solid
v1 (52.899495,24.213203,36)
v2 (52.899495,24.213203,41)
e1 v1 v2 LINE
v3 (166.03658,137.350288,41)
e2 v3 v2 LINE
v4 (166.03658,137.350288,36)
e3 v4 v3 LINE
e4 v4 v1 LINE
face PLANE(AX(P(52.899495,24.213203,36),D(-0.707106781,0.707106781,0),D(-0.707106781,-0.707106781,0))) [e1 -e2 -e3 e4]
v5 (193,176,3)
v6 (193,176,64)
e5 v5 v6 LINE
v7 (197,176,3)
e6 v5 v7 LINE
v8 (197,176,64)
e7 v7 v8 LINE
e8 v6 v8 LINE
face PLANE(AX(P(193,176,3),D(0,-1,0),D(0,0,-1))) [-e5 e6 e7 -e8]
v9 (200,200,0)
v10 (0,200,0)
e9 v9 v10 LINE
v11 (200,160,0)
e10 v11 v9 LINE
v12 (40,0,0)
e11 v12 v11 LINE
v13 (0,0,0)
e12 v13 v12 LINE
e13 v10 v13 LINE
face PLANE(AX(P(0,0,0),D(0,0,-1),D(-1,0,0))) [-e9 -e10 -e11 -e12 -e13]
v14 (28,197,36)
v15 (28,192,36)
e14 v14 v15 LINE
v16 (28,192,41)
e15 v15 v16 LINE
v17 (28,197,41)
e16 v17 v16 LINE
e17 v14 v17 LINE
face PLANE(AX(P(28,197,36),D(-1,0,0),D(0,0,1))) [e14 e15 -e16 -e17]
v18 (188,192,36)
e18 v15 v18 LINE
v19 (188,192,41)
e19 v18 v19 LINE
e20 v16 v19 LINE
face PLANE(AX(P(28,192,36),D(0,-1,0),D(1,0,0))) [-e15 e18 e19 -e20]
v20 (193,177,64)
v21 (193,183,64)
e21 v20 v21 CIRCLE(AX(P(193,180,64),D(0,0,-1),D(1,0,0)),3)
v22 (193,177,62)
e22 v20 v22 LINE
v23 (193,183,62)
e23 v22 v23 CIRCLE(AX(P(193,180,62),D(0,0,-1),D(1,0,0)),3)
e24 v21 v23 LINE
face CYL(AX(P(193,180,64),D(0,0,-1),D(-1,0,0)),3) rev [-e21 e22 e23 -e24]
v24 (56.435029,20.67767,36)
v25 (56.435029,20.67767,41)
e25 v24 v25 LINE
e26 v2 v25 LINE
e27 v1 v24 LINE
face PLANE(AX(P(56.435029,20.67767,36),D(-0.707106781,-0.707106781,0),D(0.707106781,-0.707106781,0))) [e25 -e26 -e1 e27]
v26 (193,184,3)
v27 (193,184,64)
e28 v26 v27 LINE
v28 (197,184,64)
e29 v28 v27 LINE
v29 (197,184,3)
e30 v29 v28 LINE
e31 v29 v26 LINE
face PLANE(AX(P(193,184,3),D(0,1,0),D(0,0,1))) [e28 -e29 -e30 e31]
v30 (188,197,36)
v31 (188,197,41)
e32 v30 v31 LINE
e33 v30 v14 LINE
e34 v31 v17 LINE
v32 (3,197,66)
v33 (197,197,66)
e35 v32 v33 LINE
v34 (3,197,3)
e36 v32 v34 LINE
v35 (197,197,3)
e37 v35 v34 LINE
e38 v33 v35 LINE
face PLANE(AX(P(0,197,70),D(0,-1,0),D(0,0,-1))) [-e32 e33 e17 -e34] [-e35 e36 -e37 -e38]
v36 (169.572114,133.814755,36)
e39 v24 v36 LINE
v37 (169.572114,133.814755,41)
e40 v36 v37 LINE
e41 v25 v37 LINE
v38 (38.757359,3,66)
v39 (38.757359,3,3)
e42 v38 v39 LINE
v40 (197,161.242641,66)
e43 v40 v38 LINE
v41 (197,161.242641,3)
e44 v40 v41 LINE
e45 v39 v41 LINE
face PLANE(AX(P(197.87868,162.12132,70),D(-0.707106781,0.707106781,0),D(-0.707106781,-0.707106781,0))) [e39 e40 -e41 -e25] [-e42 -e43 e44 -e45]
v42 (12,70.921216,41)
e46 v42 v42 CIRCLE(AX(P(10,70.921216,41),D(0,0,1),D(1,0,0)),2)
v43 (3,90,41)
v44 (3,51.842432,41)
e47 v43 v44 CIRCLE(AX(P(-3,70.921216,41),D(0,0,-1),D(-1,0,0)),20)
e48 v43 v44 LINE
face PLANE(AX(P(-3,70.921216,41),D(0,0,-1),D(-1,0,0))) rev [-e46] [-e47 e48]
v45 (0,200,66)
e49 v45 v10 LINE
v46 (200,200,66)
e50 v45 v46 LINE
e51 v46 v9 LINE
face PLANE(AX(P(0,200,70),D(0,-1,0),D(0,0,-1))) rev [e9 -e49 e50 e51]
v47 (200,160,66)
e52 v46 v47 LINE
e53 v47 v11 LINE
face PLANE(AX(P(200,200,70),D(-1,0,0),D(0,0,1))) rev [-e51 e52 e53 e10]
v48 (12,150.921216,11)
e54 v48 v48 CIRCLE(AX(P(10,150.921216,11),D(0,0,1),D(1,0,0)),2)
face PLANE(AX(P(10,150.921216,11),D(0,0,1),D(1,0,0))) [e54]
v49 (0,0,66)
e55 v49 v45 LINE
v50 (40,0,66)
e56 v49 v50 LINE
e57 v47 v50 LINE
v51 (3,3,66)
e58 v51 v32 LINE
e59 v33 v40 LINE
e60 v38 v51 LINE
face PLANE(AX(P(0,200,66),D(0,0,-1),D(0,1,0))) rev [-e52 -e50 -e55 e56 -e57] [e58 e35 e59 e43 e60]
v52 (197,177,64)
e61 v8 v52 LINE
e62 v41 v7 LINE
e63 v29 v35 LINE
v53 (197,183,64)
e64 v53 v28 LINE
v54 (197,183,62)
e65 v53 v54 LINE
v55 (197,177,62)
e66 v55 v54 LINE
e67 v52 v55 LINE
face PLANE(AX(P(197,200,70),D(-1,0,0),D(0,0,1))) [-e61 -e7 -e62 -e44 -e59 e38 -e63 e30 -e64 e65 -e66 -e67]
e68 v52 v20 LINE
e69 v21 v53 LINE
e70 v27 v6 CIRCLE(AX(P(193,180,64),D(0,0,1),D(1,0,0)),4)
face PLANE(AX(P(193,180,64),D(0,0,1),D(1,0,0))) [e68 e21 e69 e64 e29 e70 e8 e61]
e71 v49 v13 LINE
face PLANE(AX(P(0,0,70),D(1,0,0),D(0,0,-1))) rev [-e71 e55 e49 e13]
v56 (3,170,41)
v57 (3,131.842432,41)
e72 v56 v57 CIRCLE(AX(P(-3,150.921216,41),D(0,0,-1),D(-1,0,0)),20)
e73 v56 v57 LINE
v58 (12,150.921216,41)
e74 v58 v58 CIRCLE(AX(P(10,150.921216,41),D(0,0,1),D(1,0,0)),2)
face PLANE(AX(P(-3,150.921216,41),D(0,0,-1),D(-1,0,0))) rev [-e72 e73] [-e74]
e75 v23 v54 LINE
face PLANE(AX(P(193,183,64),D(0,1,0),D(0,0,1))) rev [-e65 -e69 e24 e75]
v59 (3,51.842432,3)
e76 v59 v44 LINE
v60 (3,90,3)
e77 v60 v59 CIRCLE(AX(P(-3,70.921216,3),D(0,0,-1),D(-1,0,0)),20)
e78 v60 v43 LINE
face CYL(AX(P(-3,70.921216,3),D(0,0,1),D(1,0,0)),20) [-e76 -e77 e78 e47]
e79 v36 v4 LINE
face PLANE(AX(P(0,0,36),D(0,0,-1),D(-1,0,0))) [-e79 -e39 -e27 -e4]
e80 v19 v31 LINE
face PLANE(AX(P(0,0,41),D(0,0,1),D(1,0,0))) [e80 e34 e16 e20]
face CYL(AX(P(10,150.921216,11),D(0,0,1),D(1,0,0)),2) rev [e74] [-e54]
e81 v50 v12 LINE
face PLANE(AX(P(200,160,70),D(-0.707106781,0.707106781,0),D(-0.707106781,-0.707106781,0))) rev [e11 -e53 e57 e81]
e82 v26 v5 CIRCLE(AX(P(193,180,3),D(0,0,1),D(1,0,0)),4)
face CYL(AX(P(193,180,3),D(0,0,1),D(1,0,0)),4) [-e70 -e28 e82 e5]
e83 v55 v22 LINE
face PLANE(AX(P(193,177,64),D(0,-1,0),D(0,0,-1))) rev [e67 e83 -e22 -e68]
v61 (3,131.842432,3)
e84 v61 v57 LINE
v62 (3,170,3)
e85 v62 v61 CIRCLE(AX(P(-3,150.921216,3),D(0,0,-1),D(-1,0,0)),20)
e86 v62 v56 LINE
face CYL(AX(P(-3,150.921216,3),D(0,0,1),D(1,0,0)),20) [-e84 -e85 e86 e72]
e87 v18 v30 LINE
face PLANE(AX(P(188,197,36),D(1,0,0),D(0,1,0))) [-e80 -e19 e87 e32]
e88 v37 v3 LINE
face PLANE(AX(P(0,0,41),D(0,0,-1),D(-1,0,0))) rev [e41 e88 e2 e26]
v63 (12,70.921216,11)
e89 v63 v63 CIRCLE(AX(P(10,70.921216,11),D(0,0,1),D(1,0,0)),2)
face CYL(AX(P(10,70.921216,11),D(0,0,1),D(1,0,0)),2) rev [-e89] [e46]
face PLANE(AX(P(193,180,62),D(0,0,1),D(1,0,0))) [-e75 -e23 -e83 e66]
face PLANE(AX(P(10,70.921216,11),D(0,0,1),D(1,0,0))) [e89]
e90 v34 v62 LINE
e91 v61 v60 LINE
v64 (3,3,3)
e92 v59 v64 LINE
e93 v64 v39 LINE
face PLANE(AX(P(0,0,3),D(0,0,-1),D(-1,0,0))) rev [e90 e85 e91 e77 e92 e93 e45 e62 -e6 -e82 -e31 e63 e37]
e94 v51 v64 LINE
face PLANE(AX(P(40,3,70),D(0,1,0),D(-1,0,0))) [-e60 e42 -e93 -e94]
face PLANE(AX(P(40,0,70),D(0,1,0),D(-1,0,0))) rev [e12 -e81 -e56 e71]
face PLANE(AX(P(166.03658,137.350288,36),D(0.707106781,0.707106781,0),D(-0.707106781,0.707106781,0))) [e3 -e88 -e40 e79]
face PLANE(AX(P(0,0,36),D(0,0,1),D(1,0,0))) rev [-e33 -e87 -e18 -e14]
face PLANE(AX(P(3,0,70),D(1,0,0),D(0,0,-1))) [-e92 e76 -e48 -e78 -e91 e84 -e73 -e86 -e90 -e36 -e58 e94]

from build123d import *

# Parameters (mm, degrees)
ESTRUSIONE_ESTRUSIONE1_DEPTH  = 70
SVUOTA1_T                     = -3
SCHIZZO5_W                    = 4
SCHIZZO5_H                    = 200
TAGLIO_ESTRUSIONE1_DEPTH      = 1
TAGLIO_ESTRUSIONE1_DEPTH_BACK = 201
ESTRUSIONE_ESTRUSIONE4_DEPTH  = 38
SCHIZZO8_R                    = 2
TAGLIO_ESTRUSIONE2_DEPTH      = 30
SCHIZZO11_W                   = 160
SCHIZZO11_H                   = 5
ESTRUSIONE_ESTRUSIONE7_DEPTH  = 5
ESTRUSIONE_ESTRUSIONE8_DEPTH  = 62
ESTRUSIONE_ESTRUSIONE9_DEPTH  = 2


with BuildPart() as part:
    # Schizzo2 → Estrusione-Estrusione1 (new body)
    with BuildSketch(Plane.XY):
        Polygon((0, 0), (0, 200), (200, 200), (200, 160), (40, 0), align=None)
    extrude(amount=ESTRUSIONE_ESTRUSIONE1_DEPTH)

    # Svuota1
    svuota1_openings = [part.faces().sort_by_distance(p)[0] for p in [
        (88, 112, 70),
    ]]
    offset(amount=SVUOTA1_T, openings=svuota1_openings, kind=Kind.INTERSECTION)

    # Schizzo5 → Taglio-Estrusione1 (cut, two sides)
    with BuildSketch(Plane(origin=(200, 0, 0), x_dir=(0, 0, -1), z_dir=(1, 0, 0))) as taglio_estrusione1_sk:
        with Locations((-68, 100)):
            Rectangle(SCHIZZO5_W, SCHIZZO5_H)
    extrude(amount=TAGLIO_ESTRUSIONE1_DEPTH, mode=Mode.SUBTRACT)
    extrude(taglio_estrusione1_sk.sketch, amount=-TAGLIO_ESTRUSIONE1_DEPTH_BACK, mode=Mode.SUBTRACT)

    # Schizzo7 → Estrusione-Estrusione4 (add)
    with BuildSketch(Plane.XY.offset(41)):
        with BuildLine():
            Line((3, 170), (3, 131.842431943))
            ThreePointArc((3, 131.842431943), (17, 150.921215972), (3, 170))
        make_face()
        with BuildLine():
            Line((3, 90), (3, 51.842431943))
            ThreePointArc((3, 51.842431943), (17, 70.921215972), (3, 90))
        make_face()
    extrude(amount=-ESTRUSIONE_ESTRUSIONE4_DEPTH)

    # Schizzo8 → Taglio-Estrusione2 (cut)
    with BuildSketch(Plane.XY.offset(41)):
        with Locations((10, 150.921215972)):
            Circle(SCHIZZO8_R)
        with Locations((10, 70.921215972)):
            Circle(SCHIZZO8_R)
    extrude(amount=-TAGLIO_ESTRUSIONE2_DEPTH, mode=Mode.SUBTRACT)

    # Schizzo11 → Estrusione-Estrusione7 (add)
    with BuildSketch(Plane.XY.offset(41)):
        with Locations((108, 194.5)):
            Rectangle(SCHIZZO11_W, SCHIZZO11_H)
        Polygon((169.572113832, 133.81475452), (56.435028843, 20.67766953), (52.899494937, 24.213203436), (166.036579926, 137.350288425), align=None)
    extrude(amount=-ESTRUSIONE_ESTRUSIONE7_DEPTH)

    # Schizzo12 → Estrusione-Estrusione8 (add)
    with BuildSketch(Plane.XY.offset(62)):
        with BuildLine():
            Line((193, 184), (197, 184))
            Line((197, 184), (197, 176))
            Line((197, 176), (193, 176))
            ThreePointArc((193, 176), (189, 180), (193, 184))
        make_face()
    extrude(amount=-ESTRUSIONE_ESTRUSIONE8_DEPTH)

    # Schizzo13 → Estrusione-Estrusione9 (add)
    with BuildSketch(Plane.XY.offset(62)):
        with BuildLine():
            Line((193, 177), (196, 177))
            Line((196, 177), (197, 177))
            Line((197, 177), (197, 176))
            Line((197, 176), (193, 176))
            ThreePointArc((193, 176), (189, 180), (193, 184))
            Line((193, 184), (197, 184))
            Line((197, 184), (197, 183))
            Line((197, 183), (193, 183))
            ThreePointArc((193, 183), (190, 180), (193, 177))
        make_face()
    extrude(amount=ESTRUSIONE_ESTRUSIONE9_DEPTH)


solid = part.part
